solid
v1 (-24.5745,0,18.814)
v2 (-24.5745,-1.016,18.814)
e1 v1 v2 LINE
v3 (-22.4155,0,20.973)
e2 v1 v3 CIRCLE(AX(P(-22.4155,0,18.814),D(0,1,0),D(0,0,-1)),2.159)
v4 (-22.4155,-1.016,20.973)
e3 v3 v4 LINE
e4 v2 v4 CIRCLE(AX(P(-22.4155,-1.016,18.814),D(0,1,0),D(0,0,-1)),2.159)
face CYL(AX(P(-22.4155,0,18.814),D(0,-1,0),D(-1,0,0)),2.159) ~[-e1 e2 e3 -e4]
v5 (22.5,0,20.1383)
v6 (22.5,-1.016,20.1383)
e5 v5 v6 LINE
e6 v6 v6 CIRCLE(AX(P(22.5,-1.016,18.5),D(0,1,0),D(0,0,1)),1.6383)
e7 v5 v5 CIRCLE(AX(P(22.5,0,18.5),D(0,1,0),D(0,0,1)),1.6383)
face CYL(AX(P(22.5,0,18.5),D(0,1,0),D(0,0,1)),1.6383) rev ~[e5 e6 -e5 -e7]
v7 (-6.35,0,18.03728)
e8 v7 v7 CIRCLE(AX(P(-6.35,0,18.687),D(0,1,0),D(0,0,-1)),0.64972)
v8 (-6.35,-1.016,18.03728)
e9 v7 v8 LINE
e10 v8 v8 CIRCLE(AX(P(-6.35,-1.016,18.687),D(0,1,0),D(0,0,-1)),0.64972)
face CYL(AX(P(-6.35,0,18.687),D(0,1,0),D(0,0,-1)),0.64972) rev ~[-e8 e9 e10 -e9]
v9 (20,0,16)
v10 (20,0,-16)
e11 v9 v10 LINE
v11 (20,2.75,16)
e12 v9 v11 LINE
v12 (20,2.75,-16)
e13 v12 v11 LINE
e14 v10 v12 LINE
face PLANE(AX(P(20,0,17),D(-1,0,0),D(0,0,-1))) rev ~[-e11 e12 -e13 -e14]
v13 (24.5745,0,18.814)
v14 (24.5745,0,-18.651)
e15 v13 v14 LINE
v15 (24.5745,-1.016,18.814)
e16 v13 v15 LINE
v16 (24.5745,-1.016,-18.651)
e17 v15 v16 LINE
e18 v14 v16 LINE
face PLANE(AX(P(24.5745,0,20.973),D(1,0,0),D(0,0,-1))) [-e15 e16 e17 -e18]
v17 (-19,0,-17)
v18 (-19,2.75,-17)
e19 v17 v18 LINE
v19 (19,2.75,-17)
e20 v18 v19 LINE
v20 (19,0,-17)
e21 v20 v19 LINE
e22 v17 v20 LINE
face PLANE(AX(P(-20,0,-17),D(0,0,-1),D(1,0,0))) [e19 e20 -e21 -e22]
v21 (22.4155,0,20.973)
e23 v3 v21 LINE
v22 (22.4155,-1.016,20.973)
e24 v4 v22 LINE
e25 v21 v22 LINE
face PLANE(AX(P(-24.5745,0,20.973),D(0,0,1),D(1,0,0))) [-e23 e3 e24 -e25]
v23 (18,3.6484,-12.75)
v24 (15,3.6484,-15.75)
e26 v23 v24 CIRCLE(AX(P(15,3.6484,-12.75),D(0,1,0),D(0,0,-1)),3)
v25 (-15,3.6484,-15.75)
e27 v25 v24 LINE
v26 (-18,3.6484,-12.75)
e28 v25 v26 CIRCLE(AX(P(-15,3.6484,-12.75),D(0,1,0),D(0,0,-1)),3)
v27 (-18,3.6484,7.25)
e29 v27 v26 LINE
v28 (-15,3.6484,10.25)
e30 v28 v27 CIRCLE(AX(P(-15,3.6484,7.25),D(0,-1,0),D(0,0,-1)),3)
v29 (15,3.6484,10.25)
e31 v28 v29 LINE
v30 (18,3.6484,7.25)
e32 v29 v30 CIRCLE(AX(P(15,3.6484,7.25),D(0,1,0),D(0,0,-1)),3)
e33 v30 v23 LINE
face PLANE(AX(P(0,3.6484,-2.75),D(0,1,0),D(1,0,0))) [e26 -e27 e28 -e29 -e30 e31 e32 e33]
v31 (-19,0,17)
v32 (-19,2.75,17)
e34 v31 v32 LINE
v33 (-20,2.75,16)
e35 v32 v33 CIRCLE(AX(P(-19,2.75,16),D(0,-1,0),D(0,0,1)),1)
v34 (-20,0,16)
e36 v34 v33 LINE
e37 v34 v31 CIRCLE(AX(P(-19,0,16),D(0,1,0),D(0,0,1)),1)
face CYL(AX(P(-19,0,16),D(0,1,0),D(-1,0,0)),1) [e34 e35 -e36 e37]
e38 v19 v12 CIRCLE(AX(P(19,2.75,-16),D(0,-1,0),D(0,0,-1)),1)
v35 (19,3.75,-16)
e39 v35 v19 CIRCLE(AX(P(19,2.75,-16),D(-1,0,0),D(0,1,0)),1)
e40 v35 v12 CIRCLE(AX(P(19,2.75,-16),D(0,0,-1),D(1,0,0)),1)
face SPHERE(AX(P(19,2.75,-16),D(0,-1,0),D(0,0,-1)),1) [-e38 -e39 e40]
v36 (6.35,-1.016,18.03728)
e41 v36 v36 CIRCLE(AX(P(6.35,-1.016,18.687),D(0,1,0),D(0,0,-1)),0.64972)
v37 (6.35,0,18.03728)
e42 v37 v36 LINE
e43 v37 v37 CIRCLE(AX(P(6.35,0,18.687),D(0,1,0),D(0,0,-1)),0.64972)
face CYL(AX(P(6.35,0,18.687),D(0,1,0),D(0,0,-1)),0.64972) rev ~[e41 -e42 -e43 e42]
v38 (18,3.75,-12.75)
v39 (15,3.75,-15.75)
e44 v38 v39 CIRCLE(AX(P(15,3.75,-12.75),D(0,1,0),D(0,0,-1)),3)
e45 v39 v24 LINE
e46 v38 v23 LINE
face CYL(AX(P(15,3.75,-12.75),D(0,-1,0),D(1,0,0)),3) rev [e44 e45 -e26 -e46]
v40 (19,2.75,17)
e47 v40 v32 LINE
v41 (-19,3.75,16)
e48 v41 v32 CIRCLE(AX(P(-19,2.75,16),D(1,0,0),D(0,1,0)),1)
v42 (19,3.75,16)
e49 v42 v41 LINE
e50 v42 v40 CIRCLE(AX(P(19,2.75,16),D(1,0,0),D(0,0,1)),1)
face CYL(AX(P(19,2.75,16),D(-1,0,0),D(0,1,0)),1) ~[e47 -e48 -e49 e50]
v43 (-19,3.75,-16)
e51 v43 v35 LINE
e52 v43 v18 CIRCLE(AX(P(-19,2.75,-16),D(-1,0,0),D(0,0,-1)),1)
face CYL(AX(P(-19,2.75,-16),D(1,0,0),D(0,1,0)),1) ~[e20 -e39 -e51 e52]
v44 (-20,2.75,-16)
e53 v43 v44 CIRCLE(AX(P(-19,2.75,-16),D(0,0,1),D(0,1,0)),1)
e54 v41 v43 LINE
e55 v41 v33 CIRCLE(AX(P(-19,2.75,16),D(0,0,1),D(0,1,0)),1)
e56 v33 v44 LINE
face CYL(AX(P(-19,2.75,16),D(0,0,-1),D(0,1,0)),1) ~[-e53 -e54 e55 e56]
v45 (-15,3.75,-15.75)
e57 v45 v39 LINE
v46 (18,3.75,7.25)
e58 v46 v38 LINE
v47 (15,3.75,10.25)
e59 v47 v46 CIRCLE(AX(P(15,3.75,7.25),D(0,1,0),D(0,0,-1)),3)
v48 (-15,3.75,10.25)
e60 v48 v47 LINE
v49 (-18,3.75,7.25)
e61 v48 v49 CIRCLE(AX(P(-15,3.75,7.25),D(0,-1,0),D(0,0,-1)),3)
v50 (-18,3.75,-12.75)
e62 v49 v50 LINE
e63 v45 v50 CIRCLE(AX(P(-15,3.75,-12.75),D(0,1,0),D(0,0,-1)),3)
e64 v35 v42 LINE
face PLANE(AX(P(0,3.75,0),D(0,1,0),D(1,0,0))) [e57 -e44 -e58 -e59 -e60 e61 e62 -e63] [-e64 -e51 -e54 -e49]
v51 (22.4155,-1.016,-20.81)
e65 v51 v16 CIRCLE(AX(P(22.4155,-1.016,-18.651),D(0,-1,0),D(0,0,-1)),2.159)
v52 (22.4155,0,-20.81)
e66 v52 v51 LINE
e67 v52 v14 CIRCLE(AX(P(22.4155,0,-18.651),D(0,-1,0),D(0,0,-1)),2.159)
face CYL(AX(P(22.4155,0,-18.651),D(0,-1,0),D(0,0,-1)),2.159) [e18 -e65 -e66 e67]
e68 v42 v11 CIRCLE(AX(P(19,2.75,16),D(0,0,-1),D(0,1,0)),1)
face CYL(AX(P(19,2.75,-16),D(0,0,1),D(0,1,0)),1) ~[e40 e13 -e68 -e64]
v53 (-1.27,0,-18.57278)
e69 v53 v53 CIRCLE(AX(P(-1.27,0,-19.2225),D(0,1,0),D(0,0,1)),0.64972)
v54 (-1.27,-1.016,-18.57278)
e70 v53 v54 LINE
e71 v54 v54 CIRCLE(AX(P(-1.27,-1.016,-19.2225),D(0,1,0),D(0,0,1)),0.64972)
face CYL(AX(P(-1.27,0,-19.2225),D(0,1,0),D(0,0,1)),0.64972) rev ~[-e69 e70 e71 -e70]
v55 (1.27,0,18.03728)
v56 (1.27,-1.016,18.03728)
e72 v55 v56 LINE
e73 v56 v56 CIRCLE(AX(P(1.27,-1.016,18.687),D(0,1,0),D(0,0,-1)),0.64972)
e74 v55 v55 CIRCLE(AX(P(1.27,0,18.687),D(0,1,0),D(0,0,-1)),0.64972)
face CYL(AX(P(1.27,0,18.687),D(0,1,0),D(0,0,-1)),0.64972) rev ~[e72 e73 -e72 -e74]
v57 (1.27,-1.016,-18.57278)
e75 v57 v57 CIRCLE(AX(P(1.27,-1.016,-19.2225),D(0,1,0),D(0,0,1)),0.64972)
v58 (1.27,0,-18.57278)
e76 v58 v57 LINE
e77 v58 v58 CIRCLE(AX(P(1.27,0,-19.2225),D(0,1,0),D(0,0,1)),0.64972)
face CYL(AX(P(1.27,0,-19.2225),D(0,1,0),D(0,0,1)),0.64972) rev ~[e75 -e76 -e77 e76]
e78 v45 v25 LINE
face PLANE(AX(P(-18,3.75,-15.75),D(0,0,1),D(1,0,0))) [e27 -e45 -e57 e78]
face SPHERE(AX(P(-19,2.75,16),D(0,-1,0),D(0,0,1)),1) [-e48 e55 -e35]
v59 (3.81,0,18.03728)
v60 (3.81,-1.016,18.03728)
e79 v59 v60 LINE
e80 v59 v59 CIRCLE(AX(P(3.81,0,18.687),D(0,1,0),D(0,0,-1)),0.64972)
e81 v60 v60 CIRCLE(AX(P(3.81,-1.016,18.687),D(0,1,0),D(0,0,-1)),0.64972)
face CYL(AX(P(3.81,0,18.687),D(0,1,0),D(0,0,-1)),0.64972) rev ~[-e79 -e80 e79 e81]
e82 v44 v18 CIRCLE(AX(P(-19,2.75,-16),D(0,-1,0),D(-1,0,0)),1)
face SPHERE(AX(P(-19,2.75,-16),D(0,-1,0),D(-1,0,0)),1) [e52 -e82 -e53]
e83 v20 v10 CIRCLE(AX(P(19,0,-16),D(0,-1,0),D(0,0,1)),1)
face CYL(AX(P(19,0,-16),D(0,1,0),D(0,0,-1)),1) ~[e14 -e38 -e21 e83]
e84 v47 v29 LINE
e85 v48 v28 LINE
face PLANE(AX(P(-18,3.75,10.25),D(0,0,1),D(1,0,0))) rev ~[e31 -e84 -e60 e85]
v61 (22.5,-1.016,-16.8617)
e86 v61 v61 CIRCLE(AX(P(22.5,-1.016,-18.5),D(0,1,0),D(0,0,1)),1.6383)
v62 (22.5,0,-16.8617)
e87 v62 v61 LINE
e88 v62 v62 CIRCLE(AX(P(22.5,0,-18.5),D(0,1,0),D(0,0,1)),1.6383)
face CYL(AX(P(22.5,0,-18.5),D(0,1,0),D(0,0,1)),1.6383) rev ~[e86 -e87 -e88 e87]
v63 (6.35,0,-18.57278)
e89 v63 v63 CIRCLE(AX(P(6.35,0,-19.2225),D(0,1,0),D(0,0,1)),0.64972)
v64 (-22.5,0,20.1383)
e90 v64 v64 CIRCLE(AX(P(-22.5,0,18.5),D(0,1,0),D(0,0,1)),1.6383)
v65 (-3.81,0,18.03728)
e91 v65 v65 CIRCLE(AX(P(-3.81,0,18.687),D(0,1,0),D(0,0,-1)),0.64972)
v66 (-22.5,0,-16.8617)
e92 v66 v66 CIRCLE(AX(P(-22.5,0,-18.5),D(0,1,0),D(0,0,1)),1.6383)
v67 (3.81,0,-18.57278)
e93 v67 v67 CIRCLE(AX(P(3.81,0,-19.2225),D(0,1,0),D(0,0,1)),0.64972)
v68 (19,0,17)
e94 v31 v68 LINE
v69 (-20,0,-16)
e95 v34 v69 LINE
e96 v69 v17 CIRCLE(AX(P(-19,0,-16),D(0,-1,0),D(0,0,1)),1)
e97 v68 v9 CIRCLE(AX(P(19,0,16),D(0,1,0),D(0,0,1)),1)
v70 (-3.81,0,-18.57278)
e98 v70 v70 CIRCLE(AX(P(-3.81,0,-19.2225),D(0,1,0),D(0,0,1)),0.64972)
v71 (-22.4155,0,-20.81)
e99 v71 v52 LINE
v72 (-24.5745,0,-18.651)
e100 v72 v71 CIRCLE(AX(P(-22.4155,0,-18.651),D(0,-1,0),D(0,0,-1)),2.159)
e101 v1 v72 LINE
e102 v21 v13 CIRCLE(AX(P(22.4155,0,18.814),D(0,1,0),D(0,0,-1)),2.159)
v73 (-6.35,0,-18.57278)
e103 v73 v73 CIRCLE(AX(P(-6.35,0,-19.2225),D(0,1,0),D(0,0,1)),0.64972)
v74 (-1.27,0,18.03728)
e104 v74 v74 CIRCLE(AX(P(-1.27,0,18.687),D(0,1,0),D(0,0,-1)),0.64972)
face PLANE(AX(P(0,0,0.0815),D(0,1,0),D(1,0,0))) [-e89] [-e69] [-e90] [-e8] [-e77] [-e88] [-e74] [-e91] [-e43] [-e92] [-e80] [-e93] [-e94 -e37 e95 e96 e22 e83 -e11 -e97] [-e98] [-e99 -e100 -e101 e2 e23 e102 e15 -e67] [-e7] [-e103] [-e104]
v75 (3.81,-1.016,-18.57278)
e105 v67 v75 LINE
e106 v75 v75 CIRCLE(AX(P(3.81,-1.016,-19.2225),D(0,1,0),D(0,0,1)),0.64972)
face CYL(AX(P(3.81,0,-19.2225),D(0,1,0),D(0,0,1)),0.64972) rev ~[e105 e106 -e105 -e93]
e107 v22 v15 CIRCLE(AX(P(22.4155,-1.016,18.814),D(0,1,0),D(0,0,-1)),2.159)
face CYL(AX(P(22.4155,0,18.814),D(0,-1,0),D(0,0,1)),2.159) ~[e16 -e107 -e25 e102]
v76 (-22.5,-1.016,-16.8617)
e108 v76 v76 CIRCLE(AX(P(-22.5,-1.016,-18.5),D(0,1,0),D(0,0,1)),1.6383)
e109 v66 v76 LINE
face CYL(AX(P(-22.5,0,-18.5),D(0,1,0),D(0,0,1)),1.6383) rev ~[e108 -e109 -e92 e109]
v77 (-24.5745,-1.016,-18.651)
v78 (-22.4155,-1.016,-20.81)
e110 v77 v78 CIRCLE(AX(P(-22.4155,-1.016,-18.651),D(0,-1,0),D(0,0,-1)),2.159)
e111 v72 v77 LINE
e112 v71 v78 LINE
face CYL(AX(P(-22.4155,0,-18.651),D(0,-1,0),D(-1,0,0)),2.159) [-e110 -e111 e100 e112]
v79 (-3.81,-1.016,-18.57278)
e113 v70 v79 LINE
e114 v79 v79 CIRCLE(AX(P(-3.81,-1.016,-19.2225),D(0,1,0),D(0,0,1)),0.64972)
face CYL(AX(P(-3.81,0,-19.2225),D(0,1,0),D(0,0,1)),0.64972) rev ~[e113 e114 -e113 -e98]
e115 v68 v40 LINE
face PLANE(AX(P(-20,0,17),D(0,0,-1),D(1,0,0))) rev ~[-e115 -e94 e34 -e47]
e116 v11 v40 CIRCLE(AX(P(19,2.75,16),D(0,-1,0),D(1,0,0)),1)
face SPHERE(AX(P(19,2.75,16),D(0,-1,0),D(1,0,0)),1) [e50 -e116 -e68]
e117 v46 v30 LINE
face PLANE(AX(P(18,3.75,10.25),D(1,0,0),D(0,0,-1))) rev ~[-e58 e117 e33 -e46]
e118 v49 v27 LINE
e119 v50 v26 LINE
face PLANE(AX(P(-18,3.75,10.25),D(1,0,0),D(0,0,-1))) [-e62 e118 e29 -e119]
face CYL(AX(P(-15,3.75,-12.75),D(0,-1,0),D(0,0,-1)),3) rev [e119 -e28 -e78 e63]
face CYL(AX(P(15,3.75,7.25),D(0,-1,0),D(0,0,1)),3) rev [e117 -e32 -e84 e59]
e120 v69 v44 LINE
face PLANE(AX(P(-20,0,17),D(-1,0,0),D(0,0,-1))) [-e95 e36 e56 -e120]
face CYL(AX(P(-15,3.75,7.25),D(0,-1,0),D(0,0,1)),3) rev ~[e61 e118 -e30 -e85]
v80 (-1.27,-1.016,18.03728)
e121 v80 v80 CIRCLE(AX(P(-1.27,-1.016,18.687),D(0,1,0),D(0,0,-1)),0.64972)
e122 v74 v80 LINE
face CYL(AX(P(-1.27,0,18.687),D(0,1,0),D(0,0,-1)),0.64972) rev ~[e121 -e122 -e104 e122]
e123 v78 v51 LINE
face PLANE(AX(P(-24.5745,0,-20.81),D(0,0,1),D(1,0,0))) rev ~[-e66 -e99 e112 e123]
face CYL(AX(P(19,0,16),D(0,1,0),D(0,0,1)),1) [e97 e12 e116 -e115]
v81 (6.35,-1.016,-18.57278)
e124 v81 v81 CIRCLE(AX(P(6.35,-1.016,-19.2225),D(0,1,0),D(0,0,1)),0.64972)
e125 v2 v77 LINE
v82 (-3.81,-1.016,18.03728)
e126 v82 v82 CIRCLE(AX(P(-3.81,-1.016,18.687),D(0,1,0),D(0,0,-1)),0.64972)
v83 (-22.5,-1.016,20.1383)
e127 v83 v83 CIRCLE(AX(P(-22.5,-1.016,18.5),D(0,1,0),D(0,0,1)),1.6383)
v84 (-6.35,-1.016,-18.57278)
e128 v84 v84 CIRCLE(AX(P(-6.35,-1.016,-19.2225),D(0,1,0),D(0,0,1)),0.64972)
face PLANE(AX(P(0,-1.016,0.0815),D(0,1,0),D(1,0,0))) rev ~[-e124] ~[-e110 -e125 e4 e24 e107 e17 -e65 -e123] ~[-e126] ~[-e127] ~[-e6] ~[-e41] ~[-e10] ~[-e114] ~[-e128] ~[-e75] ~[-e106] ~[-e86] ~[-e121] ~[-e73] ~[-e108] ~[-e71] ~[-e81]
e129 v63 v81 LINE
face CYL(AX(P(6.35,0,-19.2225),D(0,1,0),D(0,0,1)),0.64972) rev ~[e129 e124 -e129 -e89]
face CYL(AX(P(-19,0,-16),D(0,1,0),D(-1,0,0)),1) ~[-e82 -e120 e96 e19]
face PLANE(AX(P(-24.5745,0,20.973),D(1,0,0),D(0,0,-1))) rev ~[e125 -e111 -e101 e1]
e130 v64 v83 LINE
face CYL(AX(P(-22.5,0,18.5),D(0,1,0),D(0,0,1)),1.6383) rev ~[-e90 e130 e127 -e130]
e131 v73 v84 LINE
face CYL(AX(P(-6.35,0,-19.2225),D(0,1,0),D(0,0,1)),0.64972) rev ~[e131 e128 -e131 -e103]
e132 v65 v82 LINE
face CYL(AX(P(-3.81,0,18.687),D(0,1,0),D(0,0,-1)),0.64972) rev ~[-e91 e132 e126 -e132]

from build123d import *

# Parameters (mm, degrees)
SKETCH2_W           = 40
SKETCH2_H           = 34
BOSS_EXTRUDE1_DEPTH = 3.75
SKETCH3_W           = 49.149
SKETCH3_H           = 41.783
BOSS_EXTRUDE2_DEPTH = 1.016
CUT_EXTRUDE1_REACH  = 34.524
SKETCH4_R           = 1.6383
FILLET1_R           = 2.159
CUT_EXTRUDE2_REACH  = 34.524
SKETCH5_R           = 0.649719702
SKETCH6_W           = 36
SKETCH6_H           = 26
CUT_EXTRUDE3_DEPTH  = 0.1016
FILLET2_R           = 3
FILLET3_R           = 1
FILLET4_R           = 1


with BuildPart() as part:
    # Sketch2 → Boss-Extrude1 (new body)
    with BuildSketch(Plane(origin=(0, 0, 0), x_dir=(1, 0, 0), z_dir=(0, 1, 0))):
        Rectangle(SKETCH2_W, SKETCH2_H)
    extrude(amount=BOSS_EXTRUDE1_DEPTH)

    # Sketch3 → Boss-Extrude2 (add)
    with BuildSketch(Plane(origin=(0, 0, 0), x_dir=(1, 0, 0), z_dir=(0, 1, 0))):
        with Locations((0, -0.0815)):
            Rectangle(SKETCH3_W, SKETCH3_H)
    extrude(amount=-BOSS_EXTRUDE2_DEPTH)

    # Sketch4 → Cut-Extrude1 (cut, up to next)
    with BuildSketch(Plane(origin=(0, 0, 0), x_dir=(1, 0, 0), z_dir=(0, 1, 0)), mode=Mode.PRIVATE) as cut_extrude1_sk1:
        with Locations(Location((-22.5, 18.5, 0), (0, 0, 270))):
            Circle(SKETCH4_R)
    cut_extrude1_tool1 = extrude(cut_extrude1_sk1.sketch, amount=-CUT_EXTRUDE1_REACH, mode=Mode.PRIVATE) & part.part
    # Sketch4 → Cut-Extrude1 (cut, up to next)
    with BuildSketch(Plane(origin=(0, 0, 0), x_dir=(1, 0, 0), z_dir=(0, 1, 0)), mode=Mode.PRIVATE) as cut_extrude1_sk2:
        with Locations(Location((-22.5, -18.5, 0), (0, 0, 270))):
            Circle(SKETCH4_R)
    cut_extrude1_tool2 = extrude(cut_extrude1_sk2.sketch, amount=-CUT_EXTRUDE1_REACH, mode=Mode.PRIVATE) & part.part
    # Sketch4 → Cut-Extrude1 (cut, up to next)
    with BuildSketch(Plane(origin=(0, 0, 0), x_dir=(1, 0, 0), z_dir=(0, 1, 0)), mode=Mode.PRIVATE) as cut_extrude1_sk3:
        with Locations(Location((22.5, 18.5, 0), (0, 0, 270))):
            Circle(SKETCH4_R)
    cut_extrude1_tool3 = extrude(cut_extrude1_sk3.sketch, amount=-CUT_EXTRUDE1_REACH, mode=Mode.PRIVATE) & part.part
    # Sketch4 → Cut-Extrude1 (cut, up to next)
    with BuildSketch(Plane(origin=(0, 0, 0), x_dir=(1, 0, 0), z_dir=(0, 1, 0)), mode=Mode.PRIVATE) as cut_extrude1_sk4:
        with Locations(Location((22.5, -18.5, 0), (0, 0, 270))):
            Circle(SKETCH4_R)
    cut_extrude1_tool4 = extrude(cut_extrude1_sk4.sketch, amount=-CUT_EXTRUDE1_REACH, mode=Mode.PRIVATE) & part.part
    add(cut_extrude1_tool1.solids().sort_by_distance((-22.5, 0, -18.5))[0], mode=Mode.SUBTRACT)
    add(cut_extrude1_tool2.solids().sort_by_distance((-22.5, 0, 18.5))[0], mode=Mode.SUBTRACT)
    add(cut_extrude1_tool3.solids().sort_by_distance((22.5, 0, -18.5))[0], mode=Mode.SUBTRACT)
    add(cut_extrude1_tool4.solids().sort_by_distance((22.5, 0, 18.5))[0], mode=Mode.SUBTRACT)

    # Fillet1
    fillet1_edges = [part.edges().sort_by_distance(p)[0] for p in [
        (-24.5745, -0.508, 20.973),
        (-24.5745, -0.508, -20.81),
        (24.5745, -0.508, -20.81),
        (24.5745, -0.508, 20.973),
    ]]
    fillet(fillet1_edges, radius=FILLET1_R)

    # Sketch5 → Cut-Extrude2 (cut, up to next)
    with BuildSketch(Plane(origin=(0, 0, 0), x_dir=(1, 0, 0), z_dir=(0, 1, 0)), mode=Mode.PRIVATE) as cut_extrude2_sk1:
        with Locations(Location((-1.27, 19.2225, 0), (0, 0, 270))):
            Circle(SKETCH5_R)
    cut_extrude2_tool1 = extrude(cut_extrude2_sk1.sketch, amount=-CUT_EXTRUDE2_REACH, mode=Mode.PRIVATE) & part.part
    # Sketch5 → Cut-Extrude2 (cut, up to next)
    with BuildSketch(Plane(origin=(0, 0, 0), x_dir=(1, 0, 0), z_dir=(0, 1, 0)), mode=Mode.PRIVATE) as cut_extrude2_sk2:
        with Locations(Location((-3.81, 19.2225, 0), (0, 0, 270))):
            Circle(SKETCH5_R)
    cut_extrude2_tool2 = extrude(cut_extrude2_sk2.sketch, amount=-CUT_EXTRUDE2_REACH, mode=Mode.PRIVATE) & part.part
    # Sketch5 → Cut-Extrude2 (cut, up to next)
    with BuildSketch(Plane(origin=(0, 0, 0), x_dir=(1, 0, 0), z_dir=(0, 1, 0)), mode=Mode.PRIVATE) as cut_extrude2_sk3:
        with Locations(Location((-6.35, 19.2225, 0), (0, 0, 270))):
            Circle(SKETCH5_R)
    cut_extrude2_tool3 = extrude(cut_extrude2_sk3.sketch, amount=-CUT_EXTRUDE2_REACH, mode=Mode.PRIVATE) & part.part
    # Sketch5 → Cut-Extrude2 (cut, up to next)
    with BuildSketch(Plane(origin=(0, 0, 0), x_dir=(1, 0, 0), z_dir=(0, 1, 0)), mode=Mode.PRIVATE) as cut_extrude2_sk4:
        with Locations(Location((1.27, 19.2225, 0), (0, 0, 270))):
            Circle(SKETCH5_R)
    cut_extrude2_tool4 = extrude(cut_extrude2_sk4.sketch, amount=-CUT_EXTRUDE2_REACH, mode=Mode.PRIVATE) & part.part
    # Sketch5 → Cut-Extrude2 (cut, up to next)
    with BuildSketch(Plane(origin=(0, 0, 0), x_dir=(1, 0, 0), z_dir=(0, 1, 0)), mode=Mode.PRIVATE) as cut_extrude2_sk5:
        with Locations(Location((3.81, 19.2225, 0), (0, 0, 270))):
            Circle(SKETCH5_R)
    cut_extrude2_tool5 = extrude(cut_extrude2_sk5.sketch, amount=-CUT_EXTRUDE2_REACH, mode=Mode.PRIVATE) & part.part
    # Sketch5 → Cut-Extrude2 (cut, up to next)
    with BuildSketch(Plane(origin=(0, 0, 0), x_dir=(1, 0, 0), z_dir=(0, 1, 0)), mode=Mode.PRIVATE) as cut_extrude2_sk6:
        with Locations(Location((6.35, 19.2225, 0), (0, 0, 270))):
            Circle(SKETCH5_R)
    cut_extrude2_tool6 = extrude(cut_extrude2_sk6.sketch, amount=-CUT_EXTRUDE2_REACH, mode=Mode.PRIVATE) & part.part
    # Sketch5 → Cut-Extrude2 (cut, up to next)
    with BuildSketch(Plane(origin=(0, 0, 0), x_dir=(1, 0, 0), z_dir=(0, 1, 0)), mode=Mode.PRIVATE) as cut_extrude2_sk7:
        with Locations(Location((6.35, -18.687, 0), (0, 0, 90))):
            Circle(SKETCH5_R)
    cut_extrude2_tool7 = extrude(cut_extrude2_sk7.sketch, amount=-CUT_EXTRUDE2_REACH, mode=Mode.PRIVATE) & part.part
    # Sketch5 → Cut-Extrude2 (cut, up to next)
    with BuildSketch(Plane(origin=(0, 0, 0), x_dir=(1, 0, 0), z_dir=(0, 1, 0)), mode=Mode.PRIVATE) as cut_extrude2_sk8:
        with Locations(Location((3.81, -18.687, 0), (0, 0, 90))):
            Circle(SKETCH5_R)
    cut_extrude2_tool8 = extrude(cut_extrude2_sk8.sketch, amount=-CUT_EXTRUDE2_REACH, mode=Mode.PRIVATE) & part.part
    # Sketch5 → Cut-Extrude2 (cut, up to next)
    with BuildSketch(Plane(origin=(0, 0, 0), x_dir=(1, 0, 0), z_dir=(0, 1, 0)), mode=Mode.PRIVATE) as cut_extrude2_sk9:
        with Locations(Location((1.27, -18.687, 0), (0, 0, 90))):
            Circle(SKETCH5_R)
    cut_extrude2_tool9 = extrude(cut_extrude2_sk9.sketch, amount=-CUT_EXTRUDE2_REACH, mode=Mode.PRIVATE) & part.part
    # Sketch5 → Cut-Extrude2 (cut, up to next)
    with BuildSketch(Plane(origin=(0, 0, 0), x_dir=(1, 0, 0), z_dir=(0, 1, 0)), mode=Mode.PRIVATE) as cut_extrude2_sk10:
        with Locations(Location((-6.35, -18.687, 0), (0, 0, 90))):
            Circle(SKETCH5_R)
    cut_extrude2_tool10 = extrude(cut_extrude2_sk10.sketch, amount=-CUT_EXTRUDE2_REACH, mode=Mode.PRIVATE) & part.part
    # Sketch5 → Cut-Extrude2 (cut, up to next)
    with BuildSketch(Plane(origin=(0, 0, 0), x_dir=(1, 0, 0), z_dir=(0, 1, 0)), mode=Mode.PRIVATE) as cut_extrude2_sk11:
        with Locations(Location((-3.81, -18.687, 0), (0, 0, 90))):
            Circle(SKETCH5_R)
    cut_extrude2_tool11 = extrude(cut_extrude2_sk11.sketch, amount=-CUT_EXTRUDE2_REACH, mode=Mode.PRIVATE) & part.part
    # Sketch5 → Cut-Extrude2 (cut, up to next)
    with BuildSketch(Plane(origin=(0, 0, 0), x_dir=(1, 0, 0), z_dir=(0, 1, 0)), mode=Mode.PRIVATE) as cut_extrude2_sk12:
        with Locations(Location((-1.27, -18.687, 0), (0, 0, 90))):
            Circle(SKETCH5_R)
    cut_extrude2_tool12 = extrude(cut_extrude2_sk12.sketch, amount=-CUT_EXTRUDE2_REACH, mode=Mode.PRIVATE) & part.part
    add(cut_extrude2_tool1.solids().sort_by_distance((-1.27, 0, -19.2225))[0], mode=Mode.SUBTRACT)
    add(cut_extrude2_tool2.solids().sort_by_distance((-3.81, 0, -19.2225))[0], mode=Mode.SUBTRACT)
    add(cut_extrude2_tool3.solids().sort_by_distance((-6.35, 0, -19.2225))[0], mode=Mode.SUBTRACT)
    add(cut_extrude2_tool4.solids().sort_by_distance((1.27, 0, -19.2225))[0], mode=Mode.SUBTRACT)
    add(cut_extrude2_tool5.solids().sort_by_distance((3.81, 0, -19.2225))[0], mode=Mode.SUBTRACT)
    add(cut_extrude2_tool6.solids().sort_by_distance((6.35, 0, -19.2225))[0], mode=Mode.SUBTRACT)
    add(cut_extrude2_tool7.solids().sort_by_distance((6.35, 0, 18.687))[0], mode=Mode.SUBTRACT)
    add(cut_extrude2_tool8.solids().sort_by_distance((3.81, 0, 18.687))[0], mode=Mode.SUBTRACT)
    add(cut_extrude2_tool9.solids().sort_by_distance((1.27, 0, 18.687))[0], mode=Mode.SUBTRACT)
    add(cut_extrude2_tool10.solids().sort_by_distance((-6.35, 0, 18.687))[0], mode=Mode.SUBTRACT)
    add(cut_extrude2_tool11.solids().sort_by_distance((-3.81, 0, 18.687))[0], mode=Mode.SUBTRACT)
    add(cut_extrude2_tool12.solids().sort_by_distance((-1.27, 0, 18.687))[0], mode=Mode.SUBTRACT)

    # Sketch6 → Cut-Extrude3 (cut)
    with BuildSketch(Plane(origin=(0, 3.75, 0), x_dir=(1, 0, 0), z_dir=(0, 1, 0))):
        with Locations((0, 2.75)):
            Rectangle(SKETCH6_W, SKETCH6_H)
    extrude(amount=-CUT_EXTRUDE3_DEPTH, mode=Mode.SUBTRACT)

    # Fillet2
    fillet2_edges = [part.edges().sort_by_distance(p)[0] for p in [
        (-18, 3.6992, 10.25),
        (-18, 3.6992, -15.75),
        (18, 3.6992, -15.75),
        (18, 3.6992, 10.25),
    ]]
    fillet(fillet2_edges, radius=FILLET2_R)

    # Fillet3
    fillet3_edges = [part.edges().sort_by_distance(p)[0] for p in [
        (-20, 1.875, -17),
        (20, 1.875, -17),
        (20, 1.875, 17),
        (-20, 1.875, 17),
    ]]
    fillet(fillet3_edges, radius=FILLET3_R)

    # Fillet4
    fillet4_edges = [part.edges().sort_by_distance(p)[0] for p in [
        (-20, 3.75, 0),
        (0, 3.75, -17),
        (0, 3.75, 17),
        (20, 3.75, 0),
        (19.707106781, 3.75, -16.707106781),
        (19.707106781, 3.75, 16.707106781),
        (-19.707106781, 3.75, 16.707106781),
        (-19.707106781, 3.75, -16.707106781),
    ]]
    fillet(fillet4_edges, radius=FILLET4_R)


solid = part.part
